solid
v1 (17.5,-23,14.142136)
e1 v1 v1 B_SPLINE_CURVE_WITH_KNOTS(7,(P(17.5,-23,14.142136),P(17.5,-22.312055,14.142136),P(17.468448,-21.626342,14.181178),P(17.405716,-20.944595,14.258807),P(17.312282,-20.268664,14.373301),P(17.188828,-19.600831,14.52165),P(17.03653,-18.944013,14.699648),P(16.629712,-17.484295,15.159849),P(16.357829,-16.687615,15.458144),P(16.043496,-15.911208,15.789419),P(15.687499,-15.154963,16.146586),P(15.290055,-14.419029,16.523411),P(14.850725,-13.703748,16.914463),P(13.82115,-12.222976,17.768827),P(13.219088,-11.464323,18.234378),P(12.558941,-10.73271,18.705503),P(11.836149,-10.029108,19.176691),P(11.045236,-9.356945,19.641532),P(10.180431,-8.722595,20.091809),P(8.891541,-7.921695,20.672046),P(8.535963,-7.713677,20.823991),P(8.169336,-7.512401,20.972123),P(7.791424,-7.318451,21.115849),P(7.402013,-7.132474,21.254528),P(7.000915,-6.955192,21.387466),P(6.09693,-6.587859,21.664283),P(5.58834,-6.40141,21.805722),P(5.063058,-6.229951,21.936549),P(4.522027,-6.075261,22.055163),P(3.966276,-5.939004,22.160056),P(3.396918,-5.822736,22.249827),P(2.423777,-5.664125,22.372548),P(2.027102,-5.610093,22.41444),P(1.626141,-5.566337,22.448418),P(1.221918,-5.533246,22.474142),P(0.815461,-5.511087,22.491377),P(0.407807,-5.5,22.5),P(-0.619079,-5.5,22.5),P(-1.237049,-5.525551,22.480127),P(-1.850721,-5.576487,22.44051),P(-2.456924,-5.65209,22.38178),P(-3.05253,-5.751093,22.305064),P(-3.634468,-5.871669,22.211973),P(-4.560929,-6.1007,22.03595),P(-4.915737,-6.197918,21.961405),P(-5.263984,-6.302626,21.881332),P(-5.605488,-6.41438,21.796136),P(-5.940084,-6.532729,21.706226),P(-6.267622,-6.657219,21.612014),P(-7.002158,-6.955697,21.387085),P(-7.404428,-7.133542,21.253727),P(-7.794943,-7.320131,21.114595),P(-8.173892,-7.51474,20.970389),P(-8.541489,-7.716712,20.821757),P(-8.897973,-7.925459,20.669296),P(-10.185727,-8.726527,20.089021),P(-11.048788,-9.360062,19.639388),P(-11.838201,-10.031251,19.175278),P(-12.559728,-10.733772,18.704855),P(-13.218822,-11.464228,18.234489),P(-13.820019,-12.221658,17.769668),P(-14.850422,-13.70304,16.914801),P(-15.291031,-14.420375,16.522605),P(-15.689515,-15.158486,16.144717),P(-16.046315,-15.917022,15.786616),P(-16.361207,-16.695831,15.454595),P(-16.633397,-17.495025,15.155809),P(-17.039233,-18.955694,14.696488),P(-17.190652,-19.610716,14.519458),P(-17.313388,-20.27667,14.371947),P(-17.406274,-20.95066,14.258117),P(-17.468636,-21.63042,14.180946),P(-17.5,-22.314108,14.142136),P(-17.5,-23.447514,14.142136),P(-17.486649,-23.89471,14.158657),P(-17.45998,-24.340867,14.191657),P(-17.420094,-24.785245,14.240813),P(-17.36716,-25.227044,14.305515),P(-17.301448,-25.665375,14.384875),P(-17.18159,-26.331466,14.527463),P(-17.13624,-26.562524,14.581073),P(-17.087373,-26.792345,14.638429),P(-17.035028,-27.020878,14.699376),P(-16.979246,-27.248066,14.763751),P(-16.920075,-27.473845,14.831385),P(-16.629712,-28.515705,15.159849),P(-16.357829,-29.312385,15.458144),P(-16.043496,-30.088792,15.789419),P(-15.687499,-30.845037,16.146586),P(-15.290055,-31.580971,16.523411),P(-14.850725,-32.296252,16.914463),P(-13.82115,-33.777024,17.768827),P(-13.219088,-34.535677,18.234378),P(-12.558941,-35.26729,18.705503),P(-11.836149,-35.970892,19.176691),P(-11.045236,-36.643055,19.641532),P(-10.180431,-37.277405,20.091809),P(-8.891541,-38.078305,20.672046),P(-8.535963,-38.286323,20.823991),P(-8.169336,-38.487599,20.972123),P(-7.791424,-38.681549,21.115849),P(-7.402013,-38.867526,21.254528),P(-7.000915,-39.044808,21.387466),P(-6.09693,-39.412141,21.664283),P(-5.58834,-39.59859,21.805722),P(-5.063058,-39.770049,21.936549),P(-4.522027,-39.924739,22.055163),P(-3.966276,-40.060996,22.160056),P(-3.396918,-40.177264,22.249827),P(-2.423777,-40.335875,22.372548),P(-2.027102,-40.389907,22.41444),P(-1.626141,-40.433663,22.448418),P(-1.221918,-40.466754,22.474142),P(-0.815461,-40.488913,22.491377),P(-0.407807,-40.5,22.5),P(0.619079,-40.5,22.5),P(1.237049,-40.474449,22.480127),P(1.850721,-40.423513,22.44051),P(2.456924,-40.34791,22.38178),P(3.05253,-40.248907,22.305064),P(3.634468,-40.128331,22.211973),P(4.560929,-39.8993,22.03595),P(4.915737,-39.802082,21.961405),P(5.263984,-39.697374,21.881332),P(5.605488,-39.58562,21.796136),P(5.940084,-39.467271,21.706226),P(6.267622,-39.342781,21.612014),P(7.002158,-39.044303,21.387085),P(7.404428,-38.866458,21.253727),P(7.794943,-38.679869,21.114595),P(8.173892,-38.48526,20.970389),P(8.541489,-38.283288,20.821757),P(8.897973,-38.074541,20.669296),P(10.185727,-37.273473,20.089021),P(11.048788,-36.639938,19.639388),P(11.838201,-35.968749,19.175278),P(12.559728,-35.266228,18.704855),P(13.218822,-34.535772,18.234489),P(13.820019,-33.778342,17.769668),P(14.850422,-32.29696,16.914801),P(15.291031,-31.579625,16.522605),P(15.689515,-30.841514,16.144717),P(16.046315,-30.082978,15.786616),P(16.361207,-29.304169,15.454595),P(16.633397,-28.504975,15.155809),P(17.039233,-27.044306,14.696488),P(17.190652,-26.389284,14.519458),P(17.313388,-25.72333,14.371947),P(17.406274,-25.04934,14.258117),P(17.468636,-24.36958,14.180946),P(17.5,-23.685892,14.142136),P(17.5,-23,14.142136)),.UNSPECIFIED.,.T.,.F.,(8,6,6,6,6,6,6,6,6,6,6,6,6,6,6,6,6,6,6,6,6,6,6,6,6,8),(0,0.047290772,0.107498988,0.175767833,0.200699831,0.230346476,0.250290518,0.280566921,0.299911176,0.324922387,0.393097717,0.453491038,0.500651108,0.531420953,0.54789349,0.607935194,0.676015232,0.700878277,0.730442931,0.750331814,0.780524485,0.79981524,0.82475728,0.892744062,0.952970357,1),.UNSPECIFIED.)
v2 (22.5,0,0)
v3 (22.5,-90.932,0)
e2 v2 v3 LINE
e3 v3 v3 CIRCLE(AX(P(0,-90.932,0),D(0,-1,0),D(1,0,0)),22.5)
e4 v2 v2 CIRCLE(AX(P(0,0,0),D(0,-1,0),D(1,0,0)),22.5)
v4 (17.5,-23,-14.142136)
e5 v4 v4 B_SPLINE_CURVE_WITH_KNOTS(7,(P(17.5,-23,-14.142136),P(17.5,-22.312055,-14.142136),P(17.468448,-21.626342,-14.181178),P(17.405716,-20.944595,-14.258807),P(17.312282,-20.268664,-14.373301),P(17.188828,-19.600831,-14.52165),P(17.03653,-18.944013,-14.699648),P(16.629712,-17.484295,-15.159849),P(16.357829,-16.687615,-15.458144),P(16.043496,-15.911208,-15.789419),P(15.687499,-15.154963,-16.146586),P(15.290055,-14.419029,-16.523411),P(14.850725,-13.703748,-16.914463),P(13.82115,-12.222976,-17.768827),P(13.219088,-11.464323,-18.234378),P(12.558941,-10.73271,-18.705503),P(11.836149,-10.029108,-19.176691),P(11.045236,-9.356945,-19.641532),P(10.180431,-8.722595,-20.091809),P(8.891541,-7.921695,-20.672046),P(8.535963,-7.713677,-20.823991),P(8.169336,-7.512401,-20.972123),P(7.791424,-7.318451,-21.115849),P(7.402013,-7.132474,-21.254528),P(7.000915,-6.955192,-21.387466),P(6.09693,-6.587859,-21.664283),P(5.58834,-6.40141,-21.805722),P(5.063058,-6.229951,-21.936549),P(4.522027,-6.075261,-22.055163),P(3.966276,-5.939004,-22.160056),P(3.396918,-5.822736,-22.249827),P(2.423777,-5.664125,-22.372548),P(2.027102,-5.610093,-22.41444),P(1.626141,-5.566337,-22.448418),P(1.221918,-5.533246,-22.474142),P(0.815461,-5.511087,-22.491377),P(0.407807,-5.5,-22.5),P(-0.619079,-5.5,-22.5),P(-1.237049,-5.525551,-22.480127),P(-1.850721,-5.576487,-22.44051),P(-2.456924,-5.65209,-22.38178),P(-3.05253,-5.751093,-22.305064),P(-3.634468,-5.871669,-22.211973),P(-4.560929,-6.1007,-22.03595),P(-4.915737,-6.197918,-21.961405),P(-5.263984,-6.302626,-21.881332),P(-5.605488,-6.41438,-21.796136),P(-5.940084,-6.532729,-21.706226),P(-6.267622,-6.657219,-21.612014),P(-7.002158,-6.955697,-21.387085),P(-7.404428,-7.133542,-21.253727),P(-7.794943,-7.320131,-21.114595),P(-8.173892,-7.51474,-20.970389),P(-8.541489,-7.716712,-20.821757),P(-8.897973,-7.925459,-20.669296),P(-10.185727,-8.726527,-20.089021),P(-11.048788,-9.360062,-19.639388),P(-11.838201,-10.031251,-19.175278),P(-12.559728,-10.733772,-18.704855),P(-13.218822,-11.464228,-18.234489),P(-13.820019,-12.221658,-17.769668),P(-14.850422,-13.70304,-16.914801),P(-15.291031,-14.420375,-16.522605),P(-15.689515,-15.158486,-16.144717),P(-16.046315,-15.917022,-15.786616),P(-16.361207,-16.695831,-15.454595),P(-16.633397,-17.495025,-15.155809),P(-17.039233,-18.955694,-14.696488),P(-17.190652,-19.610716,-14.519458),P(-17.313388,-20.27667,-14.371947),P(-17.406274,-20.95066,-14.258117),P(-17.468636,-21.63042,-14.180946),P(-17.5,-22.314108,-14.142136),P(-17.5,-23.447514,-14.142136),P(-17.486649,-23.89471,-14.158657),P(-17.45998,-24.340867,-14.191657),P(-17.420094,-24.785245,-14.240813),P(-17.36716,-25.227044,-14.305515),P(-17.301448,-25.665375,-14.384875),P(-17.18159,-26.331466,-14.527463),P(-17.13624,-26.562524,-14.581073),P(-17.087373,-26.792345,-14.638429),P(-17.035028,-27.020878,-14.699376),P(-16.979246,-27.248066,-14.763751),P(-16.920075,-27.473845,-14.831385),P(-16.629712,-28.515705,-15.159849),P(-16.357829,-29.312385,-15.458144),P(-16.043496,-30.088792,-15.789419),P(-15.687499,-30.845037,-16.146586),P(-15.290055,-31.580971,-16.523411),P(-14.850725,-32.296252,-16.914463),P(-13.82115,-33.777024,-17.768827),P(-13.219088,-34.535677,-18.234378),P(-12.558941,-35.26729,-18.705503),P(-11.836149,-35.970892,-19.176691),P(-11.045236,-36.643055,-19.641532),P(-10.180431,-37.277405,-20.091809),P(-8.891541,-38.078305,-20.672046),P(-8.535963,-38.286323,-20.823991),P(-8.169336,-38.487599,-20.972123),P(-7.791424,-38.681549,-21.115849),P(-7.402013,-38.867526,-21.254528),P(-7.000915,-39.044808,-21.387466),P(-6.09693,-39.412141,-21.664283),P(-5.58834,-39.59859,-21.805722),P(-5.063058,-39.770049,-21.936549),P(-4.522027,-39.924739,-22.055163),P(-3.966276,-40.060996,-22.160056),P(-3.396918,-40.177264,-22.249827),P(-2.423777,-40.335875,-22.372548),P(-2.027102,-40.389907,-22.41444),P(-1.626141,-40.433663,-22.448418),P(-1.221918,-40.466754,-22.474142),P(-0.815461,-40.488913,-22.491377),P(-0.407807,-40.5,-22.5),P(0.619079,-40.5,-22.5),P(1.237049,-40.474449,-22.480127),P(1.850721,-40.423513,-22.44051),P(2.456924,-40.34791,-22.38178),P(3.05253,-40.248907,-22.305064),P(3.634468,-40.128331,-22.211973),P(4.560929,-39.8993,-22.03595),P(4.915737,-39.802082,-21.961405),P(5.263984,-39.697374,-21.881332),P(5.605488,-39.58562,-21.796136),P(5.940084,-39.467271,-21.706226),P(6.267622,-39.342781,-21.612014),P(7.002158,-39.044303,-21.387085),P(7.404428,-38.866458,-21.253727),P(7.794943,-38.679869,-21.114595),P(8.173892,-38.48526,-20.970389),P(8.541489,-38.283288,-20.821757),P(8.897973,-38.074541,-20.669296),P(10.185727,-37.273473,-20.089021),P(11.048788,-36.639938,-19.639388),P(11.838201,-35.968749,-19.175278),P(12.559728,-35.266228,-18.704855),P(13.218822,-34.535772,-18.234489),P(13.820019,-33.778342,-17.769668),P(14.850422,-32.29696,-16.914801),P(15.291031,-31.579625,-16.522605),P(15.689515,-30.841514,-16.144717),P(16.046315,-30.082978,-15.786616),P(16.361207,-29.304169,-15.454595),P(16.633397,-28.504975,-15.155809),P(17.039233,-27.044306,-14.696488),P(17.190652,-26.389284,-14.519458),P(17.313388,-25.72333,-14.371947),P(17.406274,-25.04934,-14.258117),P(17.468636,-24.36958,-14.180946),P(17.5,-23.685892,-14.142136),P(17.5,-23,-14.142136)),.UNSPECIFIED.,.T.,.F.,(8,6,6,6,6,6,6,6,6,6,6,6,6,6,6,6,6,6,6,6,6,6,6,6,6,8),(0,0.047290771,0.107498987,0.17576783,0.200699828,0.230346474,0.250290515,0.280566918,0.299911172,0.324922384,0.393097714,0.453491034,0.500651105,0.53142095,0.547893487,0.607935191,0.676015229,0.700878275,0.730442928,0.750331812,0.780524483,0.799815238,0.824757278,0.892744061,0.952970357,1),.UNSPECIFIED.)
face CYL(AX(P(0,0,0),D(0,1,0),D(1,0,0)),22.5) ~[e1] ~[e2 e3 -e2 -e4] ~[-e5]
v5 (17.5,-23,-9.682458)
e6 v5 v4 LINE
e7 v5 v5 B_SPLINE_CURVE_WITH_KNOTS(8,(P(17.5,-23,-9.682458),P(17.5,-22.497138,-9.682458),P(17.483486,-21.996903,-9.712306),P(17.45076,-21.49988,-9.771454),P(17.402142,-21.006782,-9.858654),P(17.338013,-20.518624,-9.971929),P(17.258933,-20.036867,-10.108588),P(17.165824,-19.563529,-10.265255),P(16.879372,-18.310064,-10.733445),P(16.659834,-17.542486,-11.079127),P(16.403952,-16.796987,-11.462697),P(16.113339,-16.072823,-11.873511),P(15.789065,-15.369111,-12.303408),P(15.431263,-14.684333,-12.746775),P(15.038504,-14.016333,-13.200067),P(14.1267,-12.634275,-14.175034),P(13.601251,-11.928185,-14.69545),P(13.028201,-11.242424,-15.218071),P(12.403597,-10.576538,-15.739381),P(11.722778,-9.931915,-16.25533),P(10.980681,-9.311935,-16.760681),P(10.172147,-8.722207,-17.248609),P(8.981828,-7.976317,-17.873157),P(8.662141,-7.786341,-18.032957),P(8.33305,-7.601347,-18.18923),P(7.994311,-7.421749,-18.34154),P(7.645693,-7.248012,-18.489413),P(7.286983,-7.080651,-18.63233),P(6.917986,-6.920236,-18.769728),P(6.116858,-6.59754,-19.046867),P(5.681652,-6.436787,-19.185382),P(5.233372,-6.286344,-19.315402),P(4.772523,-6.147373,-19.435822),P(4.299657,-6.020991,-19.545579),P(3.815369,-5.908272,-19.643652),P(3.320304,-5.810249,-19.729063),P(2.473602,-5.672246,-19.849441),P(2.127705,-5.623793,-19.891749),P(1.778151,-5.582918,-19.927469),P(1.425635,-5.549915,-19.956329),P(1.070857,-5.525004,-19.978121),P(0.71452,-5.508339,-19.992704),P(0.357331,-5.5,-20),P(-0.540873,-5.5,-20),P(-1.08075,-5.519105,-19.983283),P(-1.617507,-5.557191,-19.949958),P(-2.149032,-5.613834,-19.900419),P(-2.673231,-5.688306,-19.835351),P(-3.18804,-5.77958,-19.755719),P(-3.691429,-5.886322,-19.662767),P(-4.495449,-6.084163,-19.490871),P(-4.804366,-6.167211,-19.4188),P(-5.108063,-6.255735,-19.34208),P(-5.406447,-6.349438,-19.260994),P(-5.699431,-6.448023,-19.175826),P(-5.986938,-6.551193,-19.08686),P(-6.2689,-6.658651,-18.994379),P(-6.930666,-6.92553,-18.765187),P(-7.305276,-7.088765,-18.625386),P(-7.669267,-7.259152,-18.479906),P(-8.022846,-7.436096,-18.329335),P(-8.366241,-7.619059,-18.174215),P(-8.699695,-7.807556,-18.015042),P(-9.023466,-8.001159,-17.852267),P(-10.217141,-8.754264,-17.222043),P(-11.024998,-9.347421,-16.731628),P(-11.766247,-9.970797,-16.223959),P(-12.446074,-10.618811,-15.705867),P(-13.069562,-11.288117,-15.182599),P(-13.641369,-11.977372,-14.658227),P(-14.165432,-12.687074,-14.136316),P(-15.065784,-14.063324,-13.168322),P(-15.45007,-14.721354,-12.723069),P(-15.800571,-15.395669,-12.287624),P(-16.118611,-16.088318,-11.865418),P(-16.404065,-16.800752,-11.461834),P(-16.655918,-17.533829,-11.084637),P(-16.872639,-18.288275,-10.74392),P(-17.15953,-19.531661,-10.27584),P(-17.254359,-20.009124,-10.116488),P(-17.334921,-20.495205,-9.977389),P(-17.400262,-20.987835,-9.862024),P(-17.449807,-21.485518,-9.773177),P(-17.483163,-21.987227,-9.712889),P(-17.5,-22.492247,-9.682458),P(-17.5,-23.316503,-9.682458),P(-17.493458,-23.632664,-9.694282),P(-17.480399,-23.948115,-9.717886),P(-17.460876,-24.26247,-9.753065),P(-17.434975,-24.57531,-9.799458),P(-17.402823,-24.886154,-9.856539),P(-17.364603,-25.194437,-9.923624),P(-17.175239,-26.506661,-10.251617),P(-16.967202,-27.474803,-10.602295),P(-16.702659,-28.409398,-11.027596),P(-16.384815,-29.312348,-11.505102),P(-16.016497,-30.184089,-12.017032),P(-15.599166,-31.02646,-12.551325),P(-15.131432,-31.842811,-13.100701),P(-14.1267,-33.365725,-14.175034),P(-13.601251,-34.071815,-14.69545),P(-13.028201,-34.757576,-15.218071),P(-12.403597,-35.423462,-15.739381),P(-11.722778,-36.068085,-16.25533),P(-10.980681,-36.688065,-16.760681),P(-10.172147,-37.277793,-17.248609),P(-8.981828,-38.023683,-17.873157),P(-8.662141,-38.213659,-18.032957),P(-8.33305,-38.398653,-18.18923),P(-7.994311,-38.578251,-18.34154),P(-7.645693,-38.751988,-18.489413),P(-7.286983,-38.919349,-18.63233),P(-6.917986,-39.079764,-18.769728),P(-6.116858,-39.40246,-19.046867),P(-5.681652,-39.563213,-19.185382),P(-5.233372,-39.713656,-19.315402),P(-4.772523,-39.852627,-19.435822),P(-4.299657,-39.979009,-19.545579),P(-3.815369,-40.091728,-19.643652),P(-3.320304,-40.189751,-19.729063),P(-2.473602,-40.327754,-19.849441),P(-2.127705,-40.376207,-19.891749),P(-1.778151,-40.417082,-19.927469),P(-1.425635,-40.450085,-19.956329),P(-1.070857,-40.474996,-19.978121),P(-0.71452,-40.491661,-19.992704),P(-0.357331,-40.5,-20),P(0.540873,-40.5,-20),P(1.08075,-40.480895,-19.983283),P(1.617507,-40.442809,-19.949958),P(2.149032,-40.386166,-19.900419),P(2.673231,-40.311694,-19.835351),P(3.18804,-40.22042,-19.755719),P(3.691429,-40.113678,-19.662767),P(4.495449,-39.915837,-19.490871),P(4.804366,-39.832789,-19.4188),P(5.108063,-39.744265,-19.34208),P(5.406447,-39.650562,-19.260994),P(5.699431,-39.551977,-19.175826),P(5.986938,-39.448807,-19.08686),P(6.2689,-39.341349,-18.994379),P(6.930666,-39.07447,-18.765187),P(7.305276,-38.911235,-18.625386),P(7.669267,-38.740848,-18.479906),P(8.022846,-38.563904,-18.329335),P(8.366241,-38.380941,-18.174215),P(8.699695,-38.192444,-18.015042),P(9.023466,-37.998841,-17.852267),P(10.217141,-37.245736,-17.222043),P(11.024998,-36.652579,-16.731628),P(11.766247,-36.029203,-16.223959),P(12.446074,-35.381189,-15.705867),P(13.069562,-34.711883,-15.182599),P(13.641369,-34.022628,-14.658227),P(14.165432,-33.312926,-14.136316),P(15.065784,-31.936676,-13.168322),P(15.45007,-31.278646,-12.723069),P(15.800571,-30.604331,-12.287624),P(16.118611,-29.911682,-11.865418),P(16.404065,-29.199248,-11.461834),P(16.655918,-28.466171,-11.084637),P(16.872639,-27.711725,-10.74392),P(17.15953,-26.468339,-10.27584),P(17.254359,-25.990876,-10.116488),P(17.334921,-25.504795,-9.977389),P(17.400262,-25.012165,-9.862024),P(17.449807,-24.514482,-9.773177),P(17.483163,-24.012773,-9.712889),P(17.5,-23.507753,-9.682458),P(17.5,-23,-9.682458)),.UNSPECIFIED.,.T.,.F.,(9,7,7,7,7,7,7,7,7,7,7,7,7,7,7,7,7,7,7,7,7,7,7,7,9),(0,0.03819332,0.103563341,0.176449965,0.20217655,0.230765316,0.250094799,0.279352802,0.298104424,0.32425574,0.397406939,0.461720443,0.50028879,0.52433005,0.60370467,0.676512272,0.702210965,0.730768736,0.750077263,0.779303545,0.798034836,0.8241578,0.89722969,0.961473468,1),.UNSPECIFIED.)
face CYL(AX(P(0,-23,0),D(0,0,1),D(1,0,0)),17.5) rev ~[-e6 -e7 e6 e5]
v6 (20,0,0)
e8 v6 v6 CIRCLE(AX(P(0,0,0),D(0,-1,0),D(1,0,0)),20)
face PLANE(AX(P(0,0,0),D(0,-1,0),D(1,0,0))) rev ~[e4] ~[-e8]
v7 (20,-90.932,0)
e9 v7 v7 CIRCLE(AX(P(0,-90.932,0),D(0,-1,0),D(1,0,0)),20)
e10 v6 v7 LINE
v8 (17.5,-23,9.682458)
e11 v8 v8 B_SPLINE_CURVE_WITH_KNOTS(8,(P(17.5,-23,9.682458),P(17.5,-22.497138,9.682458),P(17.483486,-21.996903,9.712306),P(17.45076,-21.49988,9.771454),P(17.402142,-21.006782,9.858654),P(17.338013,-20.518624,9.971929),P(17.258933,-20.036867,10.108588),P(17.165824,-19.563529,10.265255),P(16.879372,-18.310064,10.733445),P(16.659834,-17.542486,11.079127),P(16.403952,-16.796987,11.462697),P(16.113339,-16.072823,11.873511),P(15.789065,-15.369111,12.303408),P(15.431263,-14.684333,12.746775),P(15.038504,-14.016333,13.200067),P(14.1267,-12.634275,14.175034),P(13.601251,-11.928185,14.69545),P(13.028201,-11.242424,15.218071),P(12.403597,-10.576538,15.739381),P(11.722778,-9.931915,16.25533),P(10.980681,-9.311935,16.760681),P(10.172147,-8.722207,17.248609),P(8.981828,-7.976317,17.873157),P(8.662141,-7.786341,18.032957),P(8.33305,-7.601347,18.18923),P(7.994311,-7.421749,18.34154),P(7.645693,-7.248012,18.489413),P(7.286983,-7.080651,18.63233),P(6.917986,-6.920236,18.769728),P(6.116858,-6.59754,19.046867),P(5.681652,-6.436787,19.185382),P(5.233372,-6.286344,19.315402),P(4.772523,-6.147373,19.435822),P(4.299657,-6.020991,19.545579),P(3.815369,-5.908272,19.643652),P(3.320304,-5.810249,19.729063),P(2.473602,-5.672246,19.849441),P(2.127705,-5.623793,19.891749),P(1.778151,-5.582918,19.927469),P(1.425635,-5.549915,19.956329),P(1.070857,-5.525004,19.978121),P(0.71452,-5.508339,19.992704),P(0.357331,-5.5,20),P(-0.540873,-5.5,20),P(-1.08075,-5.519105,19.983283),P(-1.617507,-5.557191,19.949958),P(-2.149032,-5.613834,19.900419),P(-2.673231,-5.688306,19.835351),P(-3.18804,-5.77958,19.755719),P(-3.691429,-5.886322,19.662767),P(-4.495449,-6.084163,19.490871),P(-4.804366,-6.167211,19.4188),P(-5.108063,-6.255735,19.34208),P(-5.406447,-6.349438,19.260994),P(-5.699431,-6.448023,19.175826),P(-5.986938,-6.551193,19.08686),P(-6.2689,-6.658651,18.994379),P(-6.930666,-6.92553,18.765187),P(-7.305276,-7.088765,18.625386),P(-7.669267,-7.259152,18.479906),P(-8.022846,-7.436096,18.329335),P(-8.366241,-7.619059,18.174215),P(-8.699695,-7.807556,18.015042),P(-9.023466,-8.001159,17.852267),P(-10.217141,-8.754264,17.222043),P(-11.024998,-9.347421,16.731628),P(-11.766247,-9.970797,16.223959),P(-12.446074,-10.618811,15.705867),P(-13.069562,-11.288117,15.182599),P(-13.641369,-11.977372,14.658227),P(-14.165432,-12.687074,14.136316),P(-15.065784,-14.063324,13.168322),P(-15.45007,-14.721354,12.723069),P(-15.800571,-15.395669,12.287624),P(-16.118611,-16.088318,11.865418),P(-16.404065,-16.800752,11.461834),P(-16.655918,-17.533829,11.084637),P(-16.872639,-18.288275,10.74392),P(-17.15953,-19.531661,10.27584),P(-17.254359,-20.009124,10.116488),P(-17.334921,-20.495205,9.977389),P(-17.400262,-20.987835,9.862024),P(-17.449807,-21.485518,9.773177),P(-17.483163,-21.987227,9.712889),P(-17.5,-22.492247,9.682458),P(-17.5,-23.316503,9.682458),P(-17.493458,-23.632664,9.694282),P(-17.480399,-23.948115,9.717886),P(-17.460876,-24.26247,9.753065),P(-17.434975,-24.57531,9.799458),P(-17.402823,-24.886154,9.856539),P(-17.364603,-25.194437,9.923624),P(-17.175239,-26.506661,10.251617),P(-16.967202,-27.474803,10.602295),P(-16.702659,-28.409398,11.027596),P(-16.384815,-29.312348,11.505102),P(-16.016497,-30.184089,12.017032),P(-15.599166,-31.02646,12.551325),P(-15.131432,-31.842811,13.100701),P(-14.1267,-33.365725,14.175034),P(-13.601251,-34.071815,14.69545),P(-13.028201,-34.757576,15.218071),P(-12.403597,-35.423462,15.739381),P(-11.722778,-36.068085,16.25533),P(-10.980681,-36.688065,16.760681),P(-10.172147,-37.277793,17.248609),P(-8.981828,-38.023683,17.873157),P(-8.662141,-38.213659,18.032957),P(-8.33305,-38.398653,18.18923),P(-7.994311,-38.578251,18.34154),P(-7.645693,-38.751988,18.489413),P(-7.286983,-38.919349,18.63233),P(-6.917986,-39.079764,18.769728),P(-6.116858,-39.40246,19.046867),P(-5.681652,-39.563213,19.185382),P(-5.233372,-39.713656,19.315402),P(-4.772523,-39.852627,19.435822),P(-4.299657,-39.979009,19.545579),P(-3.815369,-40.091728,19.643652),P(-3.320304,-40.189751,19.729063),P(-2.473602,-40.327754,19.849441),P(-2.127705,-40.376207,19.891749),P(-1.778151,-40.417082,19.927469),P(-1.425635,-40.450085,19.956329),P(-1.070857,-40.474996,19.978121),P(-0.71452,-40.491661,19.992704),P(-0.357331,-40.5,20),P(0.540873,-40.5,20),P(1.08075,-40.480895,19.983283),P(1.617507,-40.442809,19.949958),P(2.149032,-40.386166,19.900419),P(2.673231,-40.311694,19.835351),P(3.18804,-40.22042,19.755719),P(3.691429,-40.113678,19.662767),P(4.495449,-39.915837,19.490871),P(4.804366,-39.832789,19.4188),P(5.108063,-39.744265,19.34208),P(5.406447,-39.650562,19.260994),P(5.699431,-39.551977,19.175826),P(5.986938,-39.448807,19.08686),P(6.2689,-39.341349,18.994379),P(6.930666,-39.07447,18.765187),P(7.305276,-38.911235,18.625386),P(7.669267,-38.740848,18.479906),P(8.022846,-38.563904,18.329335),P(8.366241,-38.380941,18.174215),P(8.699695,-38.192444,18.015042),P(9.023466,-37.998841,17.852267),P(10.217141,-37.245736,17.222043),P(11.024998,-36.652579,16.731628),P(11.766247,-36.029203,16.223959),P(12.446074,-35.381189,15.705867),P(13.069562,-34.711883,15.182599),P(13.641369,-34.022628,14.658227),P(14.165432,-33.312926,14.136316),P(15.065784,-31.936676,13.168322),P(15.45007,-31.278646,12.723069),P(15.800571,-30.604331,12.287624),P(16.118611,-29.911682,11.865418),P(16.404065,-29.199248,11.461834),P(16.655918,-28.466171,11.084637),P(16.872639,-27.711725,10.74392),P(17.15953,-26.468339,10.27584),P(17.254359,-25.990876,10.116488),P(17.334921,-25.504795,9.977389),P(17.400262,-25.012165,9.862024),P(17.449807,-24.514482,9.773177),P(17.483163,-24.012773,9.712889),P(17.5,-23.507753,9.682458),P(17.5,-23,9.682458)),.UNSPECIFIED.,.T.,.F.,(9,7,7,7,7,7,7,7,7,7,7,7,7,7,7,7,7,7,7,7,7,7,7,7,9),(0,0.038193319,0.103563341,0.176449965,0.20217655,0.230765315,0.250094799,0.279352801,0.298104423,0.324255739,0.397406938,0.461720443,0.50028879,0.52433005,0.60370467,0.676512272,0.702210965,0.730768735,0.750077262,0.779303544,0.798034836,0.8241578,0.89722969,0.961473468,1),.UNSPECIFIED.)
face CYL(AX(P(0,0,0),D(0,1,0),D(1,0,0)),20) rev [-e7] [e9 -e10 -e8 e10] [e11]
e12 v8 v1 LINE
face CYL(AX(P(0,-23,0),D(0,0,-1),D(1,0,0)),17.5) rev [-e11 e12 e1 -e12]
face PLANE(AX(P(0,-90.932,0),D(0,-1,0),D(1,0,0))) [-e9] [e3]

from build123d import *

# Parameters (mm, degrees)
F0_R          = 22.5
F0_R_2        = 20
F1_DEPTH      = 90.932
F2_R          = 17.5
F3_DEPTH      = 25
F3_DEPTH_BACK = 22.501


with BuildPart() as f1:
    # F0 (on Front) → F1 (new body)
    with BuildSketch(Plane.XZ):
        Circle(F0_R)
        Circle(F0_R_2, mode=Mode.SUBTRACT)
    extrude(amount=F1_DEPTH)

    # F2 (on Top) → F3 (cut, two sides)
    with BuildSketch(Plane.XY) as f3_sk:
        with Locations((0, -23)):
            Circle(F2_R)
    extrude(amount=F3_DEPTH, mode=Mode.SUBTRACT)
    extrude(f3_sk.sketch, amount=-F3_DEPTH_BACK, mode=Mode.SUBTRACT)


solid = f1.part
